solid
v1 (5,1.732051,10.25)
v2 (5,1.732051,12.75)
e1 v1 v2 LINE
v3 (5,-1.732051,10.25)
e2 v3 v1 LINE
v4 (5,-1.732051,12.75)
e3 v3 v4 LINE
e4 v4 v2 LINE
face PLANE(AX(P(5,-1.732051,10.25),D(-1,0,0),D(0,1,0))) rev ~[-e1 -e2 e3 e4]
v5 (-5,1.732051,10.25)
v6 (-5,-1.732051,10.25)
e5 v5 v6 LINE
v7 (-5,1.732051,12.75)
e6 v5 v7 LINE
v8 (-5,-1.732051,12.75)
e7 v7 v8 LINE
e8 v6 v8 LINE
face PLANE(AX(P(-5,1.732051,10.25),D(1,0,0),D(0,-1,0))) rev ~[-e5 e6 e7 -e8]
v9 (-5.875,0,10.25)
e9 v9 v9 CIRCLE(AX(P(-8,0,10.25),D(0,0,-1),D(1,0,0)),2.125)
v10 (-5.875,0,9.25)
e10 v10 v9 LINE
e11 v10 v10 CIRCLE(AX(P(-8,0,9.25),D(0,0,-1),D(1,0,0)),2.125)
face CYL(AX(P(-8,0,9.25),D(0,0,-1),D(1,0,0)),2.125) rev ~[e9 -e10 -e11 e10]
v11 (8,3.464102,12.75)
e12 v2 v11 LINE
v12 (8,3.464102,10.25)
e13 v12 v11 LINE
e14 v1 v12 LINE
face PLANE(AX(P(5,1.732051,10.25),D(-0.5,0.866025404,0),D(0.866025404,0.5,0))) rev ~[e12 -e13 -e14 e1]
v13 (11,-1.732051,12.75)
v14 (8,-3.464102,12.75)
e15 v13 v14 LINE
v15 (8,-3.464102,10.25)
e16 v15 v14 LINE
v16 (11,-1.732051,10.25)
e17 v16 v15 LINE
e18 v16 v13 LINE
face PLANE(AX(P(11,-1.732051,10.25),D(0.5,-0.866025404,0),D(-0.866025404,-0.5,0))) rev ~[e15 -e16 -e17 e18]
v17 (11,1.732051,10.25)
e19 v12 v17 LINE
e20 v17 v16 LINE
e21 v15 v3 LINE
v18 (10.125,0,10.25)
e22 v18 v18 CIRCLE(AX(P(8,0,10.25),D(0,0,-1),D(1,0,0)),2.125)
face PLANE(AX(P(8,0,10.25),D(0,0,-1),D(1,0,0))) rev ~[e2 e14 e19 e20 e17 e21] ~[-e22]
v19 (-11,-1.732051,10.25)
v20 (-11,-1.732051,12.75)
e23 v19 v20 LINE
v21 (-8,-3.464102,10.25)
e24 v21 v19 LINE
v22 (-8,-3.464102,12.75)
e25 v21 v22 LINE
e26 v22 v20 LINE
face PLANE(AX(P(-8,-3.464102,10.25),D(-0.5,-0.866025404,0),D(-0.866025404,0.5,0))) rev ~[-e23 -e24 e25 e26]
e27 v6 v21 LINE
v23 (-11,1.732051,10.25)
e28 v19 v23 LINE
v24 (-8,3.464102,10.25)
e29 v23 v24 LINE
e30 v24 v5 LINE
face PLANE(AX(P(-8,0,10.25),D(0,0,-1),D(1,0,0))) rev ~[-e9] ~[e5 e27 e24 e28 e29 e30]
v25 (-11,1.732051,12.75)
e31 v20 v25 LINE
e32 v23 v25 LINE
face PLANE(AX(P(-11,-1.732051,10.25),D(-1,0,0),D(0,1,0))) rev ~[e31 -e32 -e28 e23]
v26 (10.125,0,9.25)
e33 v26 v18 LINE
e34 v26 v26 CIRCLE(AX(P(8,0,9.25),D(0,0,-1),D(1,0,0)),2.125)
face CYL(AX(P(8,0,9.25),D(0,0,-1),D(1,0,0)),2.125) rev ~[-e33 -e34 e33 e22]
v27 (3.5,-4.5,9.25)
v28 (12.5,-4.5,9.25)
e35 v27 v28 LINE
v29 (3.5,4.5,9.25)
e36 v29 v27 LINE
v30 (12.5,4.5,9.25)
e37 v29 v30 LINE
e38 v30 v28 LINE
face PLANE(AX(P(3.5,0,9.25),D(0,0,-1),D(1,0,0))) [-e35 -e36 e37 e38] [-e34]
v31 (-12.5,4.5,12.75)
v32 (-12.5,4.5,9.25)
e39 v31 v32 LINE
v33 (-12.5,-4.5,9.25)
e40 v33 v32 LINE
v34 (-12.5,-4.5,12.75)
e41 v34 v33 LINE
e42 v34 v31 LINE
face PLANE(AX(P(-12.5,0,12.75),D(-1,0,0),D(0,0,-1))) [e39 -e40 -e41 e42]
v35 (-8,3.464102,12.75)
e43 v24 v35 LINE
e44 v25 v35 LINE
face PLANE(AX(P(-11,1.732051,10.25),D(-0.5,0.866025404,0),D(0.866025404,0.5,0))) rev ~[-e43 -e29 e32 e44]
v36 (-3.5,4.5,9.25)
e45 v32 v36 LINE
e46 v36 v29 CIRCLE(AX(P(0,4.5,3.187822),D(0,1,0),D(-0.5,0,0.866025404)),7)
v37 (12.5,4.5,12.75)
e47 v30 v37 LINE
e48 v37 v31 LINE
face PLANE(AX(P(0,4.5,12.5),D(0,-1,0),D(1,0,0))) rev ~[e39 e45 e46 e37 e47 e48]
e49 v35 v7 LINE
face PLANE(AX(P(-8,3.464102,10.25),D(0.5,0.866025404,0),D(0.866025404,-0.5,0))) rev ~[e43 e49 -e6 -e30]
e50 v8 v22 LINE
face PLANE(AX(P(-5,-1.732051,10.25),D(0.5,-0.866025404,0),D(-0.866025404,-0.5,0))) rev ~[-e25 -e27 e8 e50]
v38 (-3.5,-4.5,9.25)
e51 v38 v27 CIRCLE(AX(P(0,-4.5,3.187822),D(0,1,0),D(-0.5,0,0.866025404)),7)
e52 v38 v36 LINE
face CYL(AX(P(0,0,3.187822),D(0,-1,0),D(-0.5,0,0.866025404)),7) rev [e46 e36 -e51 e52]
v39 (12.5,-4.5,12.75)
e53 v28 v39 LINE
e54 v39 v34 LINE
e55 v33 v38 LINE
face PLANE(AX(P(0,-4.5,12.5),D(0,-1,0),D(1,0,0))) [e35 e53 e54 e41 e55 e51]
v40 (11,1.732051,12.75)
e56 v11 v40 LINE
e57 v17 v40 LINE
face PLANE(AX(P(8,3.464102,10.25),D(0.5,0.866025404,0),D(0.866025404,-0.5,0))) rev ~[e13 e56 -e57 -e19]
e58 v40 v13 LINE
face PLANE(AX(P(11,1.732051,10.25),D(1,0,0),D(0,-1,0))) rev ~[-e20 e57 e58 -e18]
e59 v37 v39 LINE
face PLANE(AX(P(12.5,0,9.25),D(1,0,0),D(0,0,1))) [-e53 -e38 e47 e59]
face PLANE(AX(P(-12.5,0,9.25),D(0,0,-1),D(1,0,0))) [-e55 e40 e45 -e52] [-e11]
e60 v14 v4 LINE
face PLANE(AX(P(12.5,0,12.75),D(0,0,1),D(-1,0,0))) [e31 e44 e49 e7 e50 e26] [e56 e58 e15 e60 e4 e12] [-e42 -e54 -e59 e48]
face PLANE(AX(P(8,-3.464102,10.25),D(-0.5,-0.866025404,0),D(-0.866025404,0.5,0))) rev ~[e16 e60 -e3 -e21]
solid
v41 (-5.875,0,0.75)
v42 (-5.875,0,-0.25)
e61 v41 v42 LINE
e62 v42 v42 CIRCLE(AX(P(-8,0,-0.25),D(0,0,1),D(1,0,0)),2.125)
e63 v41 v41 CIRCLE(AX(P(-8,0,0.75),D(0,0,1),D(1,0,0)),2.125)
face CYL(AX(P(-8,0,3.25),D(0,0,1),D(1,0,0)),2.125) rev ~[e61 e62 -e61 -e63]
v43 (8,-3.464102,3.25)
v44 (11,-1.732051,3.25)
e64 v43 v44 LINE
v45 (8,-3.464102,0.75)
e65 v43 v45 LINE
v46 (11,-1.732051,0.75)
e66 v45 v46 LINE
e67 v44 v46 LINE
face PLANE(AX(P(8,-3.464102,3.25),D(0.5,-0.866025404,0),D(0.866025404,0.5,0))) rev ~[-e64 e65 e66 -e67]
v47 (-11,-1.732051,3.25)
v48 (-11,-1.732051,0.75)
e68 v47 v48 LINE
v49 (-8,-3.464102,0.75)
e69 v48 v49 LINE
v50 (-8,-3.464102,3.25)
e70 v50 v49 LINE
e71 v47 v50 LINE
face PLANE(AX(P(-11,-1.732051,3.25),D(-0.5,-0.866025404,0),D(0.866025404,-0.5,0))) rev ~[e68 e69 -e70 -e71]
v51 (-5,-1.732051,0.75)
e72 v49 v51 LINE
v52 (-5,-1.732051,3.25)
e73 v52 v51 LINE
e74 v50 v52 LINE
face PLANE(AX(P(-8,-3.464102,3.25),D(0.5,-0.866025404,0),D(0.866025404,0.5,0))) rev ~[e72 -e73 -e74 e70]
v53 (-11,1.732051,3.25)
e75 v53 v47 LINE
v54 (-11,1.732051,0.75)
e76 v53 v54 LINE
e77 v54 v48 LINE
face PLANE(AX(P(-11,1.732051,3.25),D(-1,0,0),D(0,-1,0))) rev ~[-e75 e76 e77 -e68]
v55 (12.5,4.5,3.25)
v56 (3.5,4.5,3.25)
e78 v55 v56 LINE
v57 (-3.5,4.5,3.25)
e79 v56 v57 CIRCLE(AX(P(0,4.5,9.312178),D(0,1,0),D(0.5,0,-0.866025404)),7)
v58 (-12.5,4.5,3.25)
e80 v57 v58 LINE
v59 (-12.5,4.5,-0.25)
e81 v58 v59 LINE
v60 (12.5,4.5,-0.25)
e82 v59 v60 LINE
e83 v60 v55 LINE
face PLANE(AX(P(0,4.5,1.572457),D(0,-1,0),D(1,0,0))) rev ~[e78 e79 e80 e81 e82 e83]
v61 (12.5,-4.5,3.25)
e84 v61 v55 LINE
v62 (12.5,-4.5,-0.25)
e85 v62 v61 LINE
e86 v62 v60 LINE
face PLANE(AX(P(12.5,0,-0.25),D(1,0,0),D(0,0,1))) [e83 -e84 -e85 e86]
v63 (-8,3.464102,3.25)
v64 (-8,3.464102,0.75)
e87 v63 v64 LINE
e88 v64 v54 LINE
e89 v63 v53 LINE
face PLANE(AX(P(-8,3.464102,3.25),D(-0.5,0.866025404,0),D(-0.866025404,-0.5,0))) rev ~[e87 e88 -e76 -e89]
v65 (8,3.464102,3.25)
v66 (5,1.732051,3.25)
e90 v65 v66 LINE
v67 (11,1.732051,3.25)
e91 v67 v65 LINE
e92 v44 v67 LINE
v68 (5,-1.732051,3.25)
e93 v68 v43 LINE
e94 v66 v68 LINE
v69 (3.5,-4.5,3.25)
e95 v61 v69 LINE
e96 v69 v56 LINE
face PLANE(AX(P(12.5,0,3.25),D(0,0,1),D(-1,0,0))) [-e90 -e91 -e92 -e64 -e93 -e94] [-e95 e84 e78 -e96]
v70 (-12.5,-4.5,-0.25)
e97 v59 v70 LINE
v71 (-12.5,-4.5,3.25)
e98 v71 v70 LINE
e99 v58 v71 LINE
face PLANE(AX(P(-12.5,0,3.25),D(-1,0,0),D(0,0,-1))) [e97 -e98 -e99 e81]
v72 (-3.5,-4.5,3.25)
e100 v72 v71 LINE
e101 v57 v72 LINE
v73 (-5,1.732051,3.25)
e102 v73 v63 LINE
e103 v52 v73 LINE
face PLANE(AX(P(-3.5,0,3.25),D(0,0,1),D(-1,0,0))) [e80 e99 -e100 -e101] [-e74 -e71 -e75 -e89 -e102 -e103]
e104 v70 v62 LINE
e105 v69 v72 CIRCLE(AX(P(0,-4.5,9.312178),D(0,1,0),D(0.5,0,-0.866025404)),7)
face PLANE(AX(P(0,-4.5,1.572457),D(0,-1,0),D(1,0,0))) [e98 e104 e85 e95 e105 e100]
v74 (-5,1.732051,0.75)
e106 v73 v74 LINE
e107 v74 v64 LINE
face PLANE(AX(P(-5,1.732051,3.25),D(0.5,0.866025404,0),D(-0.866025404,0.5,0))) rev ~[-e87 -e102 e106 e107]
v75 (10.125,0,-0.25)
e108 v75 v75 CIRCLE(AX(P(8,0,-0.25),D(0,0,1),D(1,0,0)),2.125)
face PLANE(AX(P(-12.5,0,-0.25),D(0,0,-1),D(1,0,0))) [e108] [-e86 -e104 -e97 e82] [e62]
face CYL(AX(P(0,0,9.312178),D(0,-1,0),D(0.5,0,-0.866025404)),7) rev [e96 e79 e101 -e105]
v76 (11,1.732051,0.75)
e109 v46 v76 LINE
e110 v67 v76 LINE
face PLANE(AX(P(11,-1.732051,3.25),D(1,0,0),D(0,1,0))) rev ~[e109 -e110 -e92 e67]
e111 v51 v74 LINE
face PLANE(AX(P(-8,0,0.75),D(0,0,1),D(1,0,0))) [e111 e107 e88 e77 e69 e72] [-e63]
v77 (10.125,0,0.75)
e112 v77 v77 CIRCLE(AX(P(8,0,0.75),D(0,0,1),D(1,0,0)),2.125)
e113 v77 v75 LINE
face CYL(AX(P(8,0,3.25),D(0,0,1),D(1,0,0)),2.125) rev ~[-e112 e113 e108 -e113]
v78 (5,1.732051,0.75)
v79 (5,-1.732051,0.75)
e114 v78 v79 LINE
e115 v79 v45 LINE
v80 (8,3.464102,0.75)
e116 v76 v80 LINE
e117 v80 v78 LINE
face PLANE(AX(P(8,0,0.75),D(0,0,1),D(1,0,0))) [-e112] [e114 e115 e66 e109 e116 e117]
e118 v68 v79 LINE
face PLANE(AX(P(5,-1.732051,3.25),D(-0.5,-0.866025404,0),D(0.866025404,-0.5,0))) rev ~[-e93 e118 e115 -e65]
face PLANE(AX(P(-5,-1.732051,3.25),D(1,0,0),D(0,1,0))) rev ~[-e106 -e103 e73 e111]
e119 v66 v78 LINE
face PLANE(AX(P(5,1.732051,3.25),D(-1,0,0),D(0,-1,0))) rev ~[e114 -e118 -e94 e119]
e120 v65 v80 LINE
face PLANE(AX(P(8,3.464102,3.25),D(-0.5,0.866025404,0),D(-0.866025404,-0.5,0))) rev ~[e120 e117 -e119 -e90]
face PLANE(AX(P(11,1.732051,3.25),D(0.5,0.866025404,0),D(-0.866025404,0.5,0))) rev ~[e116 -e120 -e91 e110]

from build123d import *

# Parameters (mm, degrees)
F0_W     = 7
F0_H     = 0.5
F1_DEPTH = 4.5
F2_R     = 2.125
F3_DEPTH = 2.5
F4_DEPTH = 3.5
F5_R     = 2.125
F6_DEPTH = 3.5
F7_START = -1
F7_DEPTH = 2.5


with BuildPart() as f1:
    # F0 (on Front) → F1 (new body, symmetric)
    with BuildSketch(Plane.XZ):
        with BuildLine():
            Line((-3.5, 3.25), (-3.5, 0.25))
            Line((-3.5, 0.25), (3.5, 0.25))
            Line((3.5, 0.25), (3.5, 3.25))
            ThreePointArc((3.5, 3.25), (0, 2.3121778265), (-3.5, 3.25))
        make_face()
        Rectangle(F0_W, F0_H)
        Polygon((-3.5, -0.25), (-3.5, 0.25), (-3.5, 3.25), (-12.5, 3.25), (-12.5, -0.25), align=None)
        Polygon((3.5, 3.25), (3.5, 0.25), (3.5, -0.25), (12.5, -0.25), (12.5, 3.25), align=None)
    extrude(amount=F1_DEPTH, both=True)

    # F2 (on face) → F3 (cut)
    with BuildSketch(Plane.XY.offset(3.25)):
        Polygon((-11, -1.7320508076), (-8, -3.4641016151), (-5, -1.7320508076), (-5, 1.7320508076), (-8, 3.4641016151), (-11, 1.7320508076), align=None)
        with Locations((-8, 0)):
            Circle(F2_R, mode=Mode.SUBTRACT)
        Polygon((5, 1.7320508076), (5, -1.7320508076), (8, -3.4641016151), (11, -1.7320508076), (11, 1.7320508076), (8, 3.4641016151), align=None)
        with Locations((8, 0)):
            Circle(F2_R, mode=Mode.SUBTRACT)
    extrude(amount=-F3_DEPTH, mode=Mode.SUBTRACT)

    # F4 (cut, through all): faces of the model
    f4_faces = [f1.faces().sort_by_distance(p)[0] for p in [
        (-8, 0, 3.25),
        (8, 0, 3.25),
    ]]
    extrude(f4_faces, amount=-F4_DEPTH, mode=Mode.SUBTRACT)


with BuildPart() as f1b:
    # F0 (on Front) → F1, piece 2 (new body, symmetric)
    with BuildSketch(Plane.XZ):
        with Locations((0, 12.5)):
            Rectangle(F0_W, F0_H)
        Polygon((3.5, 12.75), (3.5, 12.25), (3.5, 9.25), (12.5, 9.25), (12.5, 12.75), align=None)
        with BuildLine():
            Line((3.5, 9.25), (3.5, 12.25))
            Line((3.5, 12.25), (-3.5, 12.25))
            Line((-3.5, 12.25), (-3.5, 9.25))
            ThreePointArc((-3.5, 9.25), (0, 10.1878221735), (3.5, 9.25))
        make_face()
        Polygon((-3.5, 9.25), (-3.5, 12.25), (-3.5, 12.75), (-12.5, 12.75), (-12.5, 9.25), align=None)
    extrude(amount=F1_DEPTH, both=True)

    # F5 (on face) → F6 (cut, through all)
    with BuildSketch(Plane(origin=(0, 0, 9.25), x_dir=(1, 0, 0), z_dir=(0, 0, -1))):
        with Locations((-8, 0)):
            Circle(F5_R)
        with Locations((8, 0)):
            Circle(F5_R)
    extrude(amount=-F6_DEPTH, mode=Mode.SUBTRACT)

    # F5 (on face) → F7 (cut)
    with BuildSketch(Plane(origin=(0, 0, 9.25), x_dir=(1, 0, 0), z_dir=(0, 0, -1)).offset(F7_START)):
        Polygon((-5, -1.7320508076), (-5, 1.7320508076), (-8, 3.4641016151), (-11, 1.7320508076), (-11, -1.7320508076), (-8, -3.4641016151), align=None)
        with Locations((-8, 0)):
            Circle(F5_R, mode=Mode.SUBTRACT)
        Polygon((11, -1.7320508076), (11, 1.7320508076), (8, 3.4641016151), (5, 1.7320508076), (5, -1.7320508076), (8, -3.4641016151), align=None)
        with Locations((8, 0)):
            Circle(F5_R, mode=Mode.SUBTRACT)
    extrude(amount=-F7_DEPTH, mode=Mode.SUBTRACT)


solid = Compound([f1.part, f1b.part])
